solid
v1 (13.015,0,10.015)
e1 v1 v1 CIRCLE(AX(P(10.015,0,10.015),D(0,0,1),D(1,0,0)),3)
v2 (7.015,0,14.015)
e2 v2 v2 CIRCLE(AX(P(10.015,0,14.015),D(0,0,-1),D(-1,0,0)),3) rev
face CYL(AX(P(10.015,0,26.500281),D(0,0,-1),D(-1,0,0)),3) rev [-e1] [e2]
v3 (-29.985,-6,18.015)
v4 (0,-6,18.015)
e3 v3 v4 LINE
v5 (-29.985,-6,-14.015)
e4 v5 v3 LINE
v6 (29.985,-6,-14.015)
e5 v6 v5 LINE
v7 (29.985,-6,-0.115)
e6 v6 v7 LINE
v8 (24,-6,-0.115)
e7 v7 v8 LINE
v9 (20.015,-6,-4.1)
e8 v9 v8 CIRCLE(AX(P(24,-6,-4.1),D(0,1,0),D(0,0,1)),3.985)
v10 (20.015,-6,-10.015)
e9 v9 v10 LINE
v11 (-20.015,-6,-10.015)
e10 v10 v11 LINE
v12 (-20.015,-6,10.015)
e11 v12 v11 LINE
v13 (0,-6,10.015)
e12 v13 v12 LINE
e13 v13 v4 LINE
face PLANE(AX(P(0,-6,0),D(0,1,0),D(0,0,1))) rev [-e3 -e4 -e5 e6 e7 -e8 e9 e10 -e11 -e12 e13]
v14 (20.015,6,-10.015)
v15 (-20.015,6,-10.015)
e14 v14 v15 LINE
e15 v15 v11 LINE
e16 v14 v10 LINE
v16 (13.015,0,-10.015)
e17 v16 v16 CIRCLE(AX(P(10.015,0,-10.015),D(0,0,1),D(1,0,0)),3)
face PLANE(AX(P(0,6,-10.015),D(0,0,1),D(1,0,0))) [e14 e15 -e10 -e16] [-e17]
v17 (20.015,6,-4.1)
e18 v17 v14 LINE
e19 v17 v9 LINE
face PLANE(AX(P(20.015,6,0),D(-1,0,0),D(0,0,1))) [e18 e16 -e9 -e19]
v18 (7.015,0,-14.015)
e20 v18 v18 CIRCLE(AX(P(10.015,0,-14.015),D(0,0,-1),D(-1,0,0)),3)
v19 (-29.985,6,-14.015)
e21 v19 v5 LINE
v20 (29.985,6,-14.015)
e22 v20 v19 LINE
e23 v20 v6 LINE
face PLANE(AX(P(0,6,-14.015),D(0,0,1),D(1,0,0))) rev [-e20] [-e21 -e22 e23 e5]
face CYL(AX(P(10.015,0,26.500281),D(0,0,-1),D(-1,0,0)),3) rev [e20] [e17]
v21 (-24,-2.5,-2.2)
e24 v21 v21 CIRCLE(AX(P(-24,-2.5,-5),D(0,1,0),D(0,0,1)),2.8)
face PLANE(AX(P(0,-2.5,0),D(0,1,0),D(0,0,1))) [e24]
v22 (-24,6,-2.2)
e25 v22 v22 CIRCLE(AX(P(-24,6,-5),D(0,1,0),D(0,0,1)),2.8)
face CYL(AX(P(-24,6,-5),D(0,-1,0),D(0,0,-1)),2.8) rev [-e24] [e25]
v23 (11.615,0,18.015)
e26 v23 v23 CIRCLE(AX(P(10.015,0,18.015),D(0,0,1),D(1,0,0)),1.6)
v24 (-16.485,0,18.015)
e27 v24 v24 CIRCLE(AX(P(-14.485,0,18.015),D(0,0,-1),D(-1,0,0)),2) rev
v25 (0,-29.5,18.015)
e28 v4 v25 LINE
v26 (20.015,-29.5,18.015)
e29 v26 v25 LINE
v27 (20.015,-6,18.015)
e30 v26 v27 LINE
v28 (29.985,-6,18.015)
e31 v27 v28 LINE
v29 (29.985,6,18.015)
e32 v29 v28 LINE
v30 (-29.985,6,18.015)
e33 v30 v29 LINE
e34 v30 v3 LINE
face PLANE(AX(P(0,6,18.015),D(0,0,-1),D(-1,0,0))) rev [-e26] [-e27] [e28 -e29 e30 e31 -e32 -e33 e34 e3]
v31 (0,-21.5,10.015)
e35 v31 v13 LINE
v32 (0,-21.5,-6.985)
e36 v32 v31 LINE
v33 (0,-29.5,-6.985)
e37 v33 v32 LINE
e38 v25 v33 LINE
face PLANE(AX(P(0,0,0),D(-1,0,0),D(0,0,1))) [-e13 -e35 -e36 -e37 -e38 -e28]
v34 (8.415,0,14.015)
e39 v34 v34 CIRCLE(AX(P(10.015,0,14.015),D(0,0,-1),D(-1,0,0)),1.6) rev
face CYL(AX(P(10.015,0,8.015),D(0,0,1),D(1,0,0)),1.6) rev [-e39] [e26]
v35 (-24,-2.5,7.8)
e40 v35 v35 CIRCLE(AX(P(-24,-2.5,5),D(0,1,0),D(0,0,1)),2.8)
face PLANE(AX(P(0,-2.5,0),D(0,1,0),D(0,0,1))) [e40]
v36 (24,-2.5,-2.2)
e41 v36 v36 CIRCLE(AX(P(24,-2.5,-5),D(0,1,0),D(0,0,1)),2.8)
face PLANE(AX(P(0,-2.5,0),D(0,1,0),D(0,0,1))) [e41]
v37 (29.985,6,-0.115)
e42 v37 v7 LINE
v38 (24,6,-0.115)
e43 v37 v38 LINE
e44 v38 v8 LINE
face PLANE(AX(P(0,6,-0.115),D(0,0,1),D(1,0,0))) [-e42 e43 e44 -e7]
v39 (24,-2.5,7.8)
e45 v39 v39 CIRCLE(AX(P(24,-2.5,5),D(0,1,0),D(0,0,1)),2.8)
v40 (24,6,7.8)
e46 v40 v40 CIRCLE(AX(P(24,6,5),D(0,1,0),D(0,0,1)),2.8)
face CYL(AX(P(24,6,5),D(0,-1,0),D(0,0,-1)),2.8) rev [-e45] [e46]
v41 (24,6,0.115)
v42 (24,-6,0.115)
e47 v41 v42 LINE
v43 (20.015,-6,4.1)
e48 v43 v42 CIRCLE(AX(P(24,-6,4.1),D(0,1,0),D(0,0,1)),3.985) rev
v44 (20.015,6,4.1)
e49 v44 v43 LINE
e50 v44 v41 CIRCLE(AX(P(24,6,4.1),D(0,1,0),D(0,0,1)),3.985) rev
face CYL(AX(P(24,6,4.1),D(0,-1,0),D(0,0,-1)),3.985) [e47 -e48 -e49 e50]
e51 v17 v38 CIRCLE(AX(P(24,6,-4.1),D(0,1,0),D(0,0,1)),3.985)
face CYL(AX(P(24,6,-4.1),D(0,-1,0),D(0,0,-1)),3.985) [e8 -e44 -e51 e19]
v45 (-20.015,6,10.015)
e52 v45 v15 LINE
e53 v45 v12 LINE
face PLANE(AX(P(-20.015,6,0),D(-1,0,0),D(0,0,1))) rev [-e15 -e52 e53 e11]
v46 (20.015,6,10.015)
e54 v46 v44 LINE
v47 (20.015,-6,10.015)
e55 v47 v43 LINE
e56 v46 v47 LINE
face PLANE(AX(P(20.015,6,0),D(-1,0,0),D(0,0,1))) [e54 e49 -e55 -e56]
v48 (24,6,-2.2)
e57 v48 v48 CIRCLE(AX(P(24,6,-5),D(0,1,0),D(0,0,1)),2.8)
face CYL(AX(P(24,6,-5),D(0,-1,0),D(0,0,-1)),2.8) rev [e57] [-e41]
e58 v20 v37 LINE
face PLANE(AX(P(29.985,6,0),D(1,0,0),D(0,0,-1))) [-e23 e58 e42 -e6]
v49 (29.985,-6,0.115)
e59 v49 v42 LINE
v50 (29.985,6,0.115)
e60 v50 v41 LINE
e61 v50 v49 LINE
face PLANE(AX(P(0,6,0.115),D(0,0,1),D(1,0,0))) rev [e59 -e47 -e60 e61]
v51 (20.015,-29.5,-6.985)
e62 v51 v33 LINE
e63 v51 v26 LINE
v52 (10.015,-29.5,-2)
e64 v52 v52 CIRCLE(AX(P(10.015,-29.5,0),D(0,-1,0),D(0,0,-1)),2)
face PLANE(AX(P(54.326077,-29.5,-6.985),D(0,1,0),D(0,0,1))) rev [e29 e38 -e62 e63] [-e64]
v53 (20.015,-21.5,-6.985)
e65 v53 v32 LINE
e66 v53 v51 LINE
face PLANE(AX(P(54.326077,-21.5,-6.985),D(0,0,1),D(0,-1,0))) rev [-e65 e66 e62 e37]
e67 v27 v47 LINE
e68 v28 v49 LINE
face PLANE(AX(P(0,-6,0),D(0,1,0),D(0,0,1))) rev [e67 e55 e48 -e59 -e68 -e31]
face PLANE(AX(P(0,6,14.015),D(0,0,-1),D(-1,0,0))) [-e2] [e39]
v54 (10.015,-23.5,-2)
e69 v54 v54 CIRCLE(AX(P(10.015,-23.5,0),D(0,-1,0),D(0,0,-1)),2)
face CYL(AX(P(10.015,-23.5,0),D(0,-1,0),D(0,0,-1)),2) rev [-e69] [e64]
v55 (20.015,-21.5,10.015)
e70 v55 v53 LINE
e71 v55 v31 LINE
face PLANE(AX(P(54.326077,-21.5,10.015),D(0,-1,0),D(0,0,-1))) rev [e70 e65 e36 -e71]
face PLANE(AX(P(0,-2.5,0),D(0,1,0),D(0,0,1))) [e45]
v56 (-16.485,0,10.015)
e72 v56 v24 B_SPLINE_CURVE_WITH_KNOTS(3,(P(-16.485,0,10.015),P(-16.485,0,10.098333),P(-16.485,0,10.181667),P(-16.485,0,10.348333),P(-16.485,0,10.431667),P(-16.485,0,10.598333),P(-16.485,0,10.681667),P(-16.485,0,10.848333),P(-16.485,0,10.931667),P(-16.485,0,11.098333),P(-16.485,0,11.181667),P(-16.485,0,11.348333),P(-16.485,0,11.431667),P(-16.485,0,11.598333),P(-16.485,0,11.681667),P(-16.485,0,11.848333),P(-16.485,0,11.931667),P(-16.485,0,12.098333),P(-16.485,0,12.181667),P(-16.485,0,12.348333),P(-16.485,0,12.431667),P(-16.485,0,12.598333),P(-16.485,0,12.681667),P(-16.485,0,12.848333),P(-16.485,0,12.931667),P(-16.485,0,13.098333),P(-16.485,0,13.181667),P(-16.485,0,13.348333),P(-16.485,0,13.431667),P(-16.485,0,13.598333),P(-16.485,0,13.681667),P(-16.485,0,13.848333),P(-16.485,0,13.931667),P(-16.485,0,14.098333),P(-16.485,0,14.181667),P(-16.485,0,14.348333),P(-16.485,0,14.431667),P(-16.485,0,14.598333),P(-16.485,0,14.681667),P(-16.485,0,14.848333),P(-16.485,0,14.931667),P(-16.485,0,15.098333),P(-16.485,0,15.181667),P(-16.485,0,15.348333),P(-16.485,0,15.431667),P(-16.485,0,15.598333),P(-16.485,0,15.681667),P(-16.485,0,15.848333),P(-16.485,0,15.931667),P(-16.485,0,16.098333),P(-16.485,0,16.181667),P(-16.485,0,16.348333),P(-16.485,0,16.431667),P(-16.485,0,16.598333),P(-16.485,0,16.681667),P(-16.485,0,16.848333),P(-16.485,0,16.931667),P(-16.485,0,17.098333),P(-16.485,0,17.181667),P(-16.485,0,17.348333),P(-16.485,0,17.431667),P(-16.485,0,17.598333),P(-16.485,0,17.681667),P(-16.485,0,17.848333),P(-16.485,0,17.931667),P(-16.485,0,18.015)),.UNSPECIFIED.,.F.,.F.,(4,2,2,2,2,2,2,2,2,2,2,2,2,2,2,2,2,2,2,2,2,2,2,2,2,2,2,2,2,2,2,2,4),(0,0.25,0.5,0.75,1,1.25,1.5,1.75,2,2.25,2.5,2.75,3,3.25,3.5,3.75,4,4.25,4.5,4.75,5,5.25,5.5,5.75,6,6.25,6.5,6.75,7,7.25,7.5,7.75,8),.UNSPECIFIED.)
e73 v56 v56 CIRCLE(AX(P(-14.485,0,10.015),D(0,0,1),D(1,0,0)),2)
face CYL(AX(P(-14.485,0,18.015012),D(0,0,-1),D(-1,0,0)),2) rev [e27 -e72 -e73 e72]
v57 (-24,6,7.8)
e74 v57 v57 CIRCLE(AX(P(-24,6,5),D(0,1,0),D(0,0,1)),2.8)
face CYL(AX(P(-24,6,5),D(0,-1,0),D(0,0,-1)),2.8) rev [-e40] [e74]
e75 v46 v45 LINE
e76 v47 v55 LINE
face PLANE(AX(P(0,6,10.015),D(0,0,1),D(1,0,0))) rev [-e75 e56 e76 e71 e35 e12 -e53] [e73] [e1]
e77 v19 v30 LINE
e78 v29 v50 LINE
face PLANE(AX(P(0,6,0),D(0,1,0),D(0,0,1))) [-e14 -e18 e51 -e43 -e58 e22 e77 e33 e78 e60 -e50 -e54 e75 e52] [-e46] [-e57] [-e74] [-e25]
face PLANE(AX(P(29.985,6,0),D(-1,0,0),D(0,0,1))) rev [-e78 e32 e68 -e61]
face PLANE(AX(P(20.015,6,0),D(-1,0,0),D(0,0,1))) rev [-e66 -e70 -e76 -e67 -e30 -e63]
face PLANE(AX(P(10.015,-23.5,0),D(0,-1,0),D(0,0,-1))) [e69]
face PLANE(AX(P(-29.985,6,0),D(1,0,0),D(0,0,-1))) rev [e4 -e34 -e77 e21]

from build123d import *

# Parameters (mm, degrees)
SKETCH1_R               = 2.8
SKETCH1_W               = 55.97
SKETCH1_H               = 4
SKETCH1_W_2             = 2
BOSS_EXTRUDE1_DEPTH     = 6
SKETCH2_R               = 2.8
BOSS_EXTRUDE2_DEPTH     = 3.5
SKETCH3_R               = 1.6
CUT_EXTRUDE1_DEPTH      = 10
SKETCH4_R               = 3
CUT_EXTRUDE2_DEPTH      = 28.03
BOSS_EXTRUDE3_DEPTH     = 20.015
SKETCH6_R               = 2
CUT_EXTRUDE3_DEPTH      = 6
CUT_EXTRUDE6_DEPTH      = 53.87032367
CUT_EXTRUDE6_DEPTH_BACK = 8
SKETCH10_R              = 2


with BuildPart() as part:
    # Sketch1 → Boss-Extrude1 (new, symmetric)
    # profile 1 of 8: a face of its own
    with BuildSketch(Plane(origin=(0, 0, 0), x_dir=(1, 0, 0), z_dir=(0, 1, 0))):
        with BuildLine():
            ThreePointArc((24, -0.115), (21.182179477, -1.282179477), (20.015, -4.1))
            Line((20.015, -4.1), (20.015, -10.015))
            Line((20.015, -10.015), (-20.015, -10.015))
            Line((-20.015, -10.015), (-20.015, 10.015))
            Line((-20.015, 10.015), (20.015, 10.015))
            Line((20.015, 10.015), (20.015, 4.1))
            ThreePointArc((20.015, 4.1), (21.182179477, 1.282179477), (24, 0.115))
            ThreePointArc((24, 0.115), (26.817820523, 1.282179477), (27.985, 4.1))
            Line((27.985, 4.1), (27.985, 14.015))
            Line((27.985, 14.015), (-27.985, 14.015))
            Line((-27.985, 14.015), (-27.985, -14.015))
            Line((-27.985, -14.015), (27.985, -14.015))
            Line((27.985, -14.015), (27.985, -4.1))
            ThreePointArc((27.985, -4.1), (26.817820523, -1.282179477), (24, -0.115))
        make_face()
        with Locations(Location((-24, -5, 0), (0, 0, 270))):
            Circle(SKETCH1_R, mode=Mode.SUBTRACT)
        with Locations(Location((-24, 5, 0), (0, 0, 270))):
            Circle(SKETCH1_R, mode=Mode.SUBTRACT)
        with Locations(Location((24, -5, 0), (0, 0, 270))):
            Circle(SKETCH1_R, mode=Mode.SUBTRACT)
        with Locations(Location((24, 5, 0), (0, 0, 270))):
            Circle(SKETCH1_R, mode=Mode.SUBTRACT)
    # profile 2 of 8: a face of its own
    with BuildSketch(Plane(origin=(0, 0, 0), x_dir=(1, 0, 0), z_dir=(0, 1, 0))):
        with Locations((0, -16.015)):
            Rectangle(SKETCH1_W, SKETCH1_H)
    # profile 3 of 8: a face of its own
    with BuildSketch(Plane(origin=(0, 0, 0), x_dir=(1, 0, 0), z_dir=(0, 1, 0))):
        Polygon((27.985, 4.1), (27.985, 0.115), (29.985, 0.115), (29.985, 14.015), (27.985, 14.015), align=None)
    # profile 4 of 8: a face of its own
    with BuildSketch(Plane(origin=(0, 0, 0), x_dir=(1, 0, 0), z_dir=(0, 1, 0))):
        Polygon((29.985, -0.115), (27.985, -0.115), (27.985, -4.1), (27.985, -14.015), (29.985, -14.015), align=None)
    # profile 5 of 8: a face of its own
    with BuildSketch(Plane(origin=(0, 0, 0), x_dir=(1, 0, 0), z_dir=(0, 1, 0))):
        with BuildLine():
            Line((27.985, -4.1), (27.985, -0.115))
            Line((27.985, -0.115), (24, -0.115))
            ThreePointArc((24, -0.115), (26.817820523, -1.282179477), (27.985, -4.1))
        make_face()
    # profile 6 of 8: a face of its own
    with BuildSketch(Plane(origin=(0, 0, 0), x_dir=(1, 0, 0), z_dir=(0, 1, 0))):
        with BuildLine():
            Line((24, 0.115), (27.985, 0.115))
            Line((27.985, 0.115), (27.985, 4.1))
            ThreePointArc((27.985, 4.1), (26.817820523, 1.282179477), (24, 0.115))
        make_face()
    # profile 7 of 8: a face of its own
    with BuildSketch(Plane(origin=(0, 0, 0), x_dir=(1, 0, 0), z_dir=(0, 1, 0))):
        with Locations((28.985, -16.015)):
            Rectangle(SKETCH1_W_2, SKETCH1_H)
    # profile 8 of 8: a face of its own
    with BuildSketch(Plane(origin=(0, 0, 0), x_dir=(1, 0, 0), z_dir=(0, 1, 0))):
        Polygon((-29.985, 14.015), (-29.985, -18.015), (-27.985, -18.015), (-27.985, -14.015), (-27.985, 14.015), align=None)
    extrude(amount=BOSS_EXTRUDE1_DEPTH, both=True)

    # Sketch2 → Boss-Extrude2 (add)
    with BuildSketch(Plane.XZ.offset(6)):
        with Locations(Location((24, -5, 0), (0, 0, 90))):
            Circle(SKETCH2_R)
        with Locations(Location((24, 5, 0), (0, 0, 90))):
            Circle(SKETCH2_R)
        with Locations(Location((-24, -5, 0), (0, 0, 90))):
            Circle(SKETCH2_R)
        with Locations(Location((-24, 5, 0), (0, 0, 90))):
            Circle(SKETCH2_R)
    extrude(amount=-BOSS_EXTRUDE2_DEPTH)

    # Sketch3 → Cut-Extrude1 (cut)
    with BuildSketch(Plane.XY.offset(18.015)):
        with Locations((10.015, 0)):
            Circle(SKETCH3_R)
    extrude(amount=-CUT_EXTRUDE1_DEPTH, mode=Mode.SUBTRACT)

    # Sketch4 → Cut-Extrude2 (cut)
    with BuildSketch(Plane(origin=(0, 0, -14.015), x_dir=(-1, 0, 0), z_dir=(0, 0, -1))):
        with Locations((-10.015, 0)):
            Circle(SKETCH4_R)
    extrude(amount=-CUT_EXTRUDE2_DEPTH, mode=Mode.SUBTRACT)

    # Sketch5 → Boss-Extrude3 (add)
    with BuildSketch(Plane(origin=(0, 0, 0), x_dir=(0, 0, -1), z_dir=(1, 0, 0))):
        Polygon((-18.015, -6), (-10.015, -6), (-10.015, -21.5), (6.985, -21.5), (6.985, -29.5), (-18.015, -29.5), align=None)
    extrude(amount=BOSS_EXTRUDE3_DEPTH)

    # Sketch6 → Cut-Extrude3 (cut)
    with BuildSketch(Plane.XZ.offset(29.5)):
        with Locations(Location((10.015, 0, 0), (0, 0, 270))):
            Circle(SKETCH6_R)
    extrude(amount=-CUT_EXTRUDE3_DEPTH, mode=Mode.SUBTRACT)

    # Sketch10 → Cut-Extrude6 (cut, two sides: drawn at the far end of the back side and taken through both)
    with BuildSketch(Plane.XY.offset(18.015).offset(-CUT_EXTRUDE6_DEPTH_BACK)):
        with Locations(Location((-14.485, 0, 0), (0, 0, 180))):
            Circle(SKETCH10_R)
    extrude(amount=CUT_EXTRUDE6_DEPTH + CUT_EXTRUDE6_DEPTH_BACK, mode=Mode.SUBTRACT)


solid = part.part
